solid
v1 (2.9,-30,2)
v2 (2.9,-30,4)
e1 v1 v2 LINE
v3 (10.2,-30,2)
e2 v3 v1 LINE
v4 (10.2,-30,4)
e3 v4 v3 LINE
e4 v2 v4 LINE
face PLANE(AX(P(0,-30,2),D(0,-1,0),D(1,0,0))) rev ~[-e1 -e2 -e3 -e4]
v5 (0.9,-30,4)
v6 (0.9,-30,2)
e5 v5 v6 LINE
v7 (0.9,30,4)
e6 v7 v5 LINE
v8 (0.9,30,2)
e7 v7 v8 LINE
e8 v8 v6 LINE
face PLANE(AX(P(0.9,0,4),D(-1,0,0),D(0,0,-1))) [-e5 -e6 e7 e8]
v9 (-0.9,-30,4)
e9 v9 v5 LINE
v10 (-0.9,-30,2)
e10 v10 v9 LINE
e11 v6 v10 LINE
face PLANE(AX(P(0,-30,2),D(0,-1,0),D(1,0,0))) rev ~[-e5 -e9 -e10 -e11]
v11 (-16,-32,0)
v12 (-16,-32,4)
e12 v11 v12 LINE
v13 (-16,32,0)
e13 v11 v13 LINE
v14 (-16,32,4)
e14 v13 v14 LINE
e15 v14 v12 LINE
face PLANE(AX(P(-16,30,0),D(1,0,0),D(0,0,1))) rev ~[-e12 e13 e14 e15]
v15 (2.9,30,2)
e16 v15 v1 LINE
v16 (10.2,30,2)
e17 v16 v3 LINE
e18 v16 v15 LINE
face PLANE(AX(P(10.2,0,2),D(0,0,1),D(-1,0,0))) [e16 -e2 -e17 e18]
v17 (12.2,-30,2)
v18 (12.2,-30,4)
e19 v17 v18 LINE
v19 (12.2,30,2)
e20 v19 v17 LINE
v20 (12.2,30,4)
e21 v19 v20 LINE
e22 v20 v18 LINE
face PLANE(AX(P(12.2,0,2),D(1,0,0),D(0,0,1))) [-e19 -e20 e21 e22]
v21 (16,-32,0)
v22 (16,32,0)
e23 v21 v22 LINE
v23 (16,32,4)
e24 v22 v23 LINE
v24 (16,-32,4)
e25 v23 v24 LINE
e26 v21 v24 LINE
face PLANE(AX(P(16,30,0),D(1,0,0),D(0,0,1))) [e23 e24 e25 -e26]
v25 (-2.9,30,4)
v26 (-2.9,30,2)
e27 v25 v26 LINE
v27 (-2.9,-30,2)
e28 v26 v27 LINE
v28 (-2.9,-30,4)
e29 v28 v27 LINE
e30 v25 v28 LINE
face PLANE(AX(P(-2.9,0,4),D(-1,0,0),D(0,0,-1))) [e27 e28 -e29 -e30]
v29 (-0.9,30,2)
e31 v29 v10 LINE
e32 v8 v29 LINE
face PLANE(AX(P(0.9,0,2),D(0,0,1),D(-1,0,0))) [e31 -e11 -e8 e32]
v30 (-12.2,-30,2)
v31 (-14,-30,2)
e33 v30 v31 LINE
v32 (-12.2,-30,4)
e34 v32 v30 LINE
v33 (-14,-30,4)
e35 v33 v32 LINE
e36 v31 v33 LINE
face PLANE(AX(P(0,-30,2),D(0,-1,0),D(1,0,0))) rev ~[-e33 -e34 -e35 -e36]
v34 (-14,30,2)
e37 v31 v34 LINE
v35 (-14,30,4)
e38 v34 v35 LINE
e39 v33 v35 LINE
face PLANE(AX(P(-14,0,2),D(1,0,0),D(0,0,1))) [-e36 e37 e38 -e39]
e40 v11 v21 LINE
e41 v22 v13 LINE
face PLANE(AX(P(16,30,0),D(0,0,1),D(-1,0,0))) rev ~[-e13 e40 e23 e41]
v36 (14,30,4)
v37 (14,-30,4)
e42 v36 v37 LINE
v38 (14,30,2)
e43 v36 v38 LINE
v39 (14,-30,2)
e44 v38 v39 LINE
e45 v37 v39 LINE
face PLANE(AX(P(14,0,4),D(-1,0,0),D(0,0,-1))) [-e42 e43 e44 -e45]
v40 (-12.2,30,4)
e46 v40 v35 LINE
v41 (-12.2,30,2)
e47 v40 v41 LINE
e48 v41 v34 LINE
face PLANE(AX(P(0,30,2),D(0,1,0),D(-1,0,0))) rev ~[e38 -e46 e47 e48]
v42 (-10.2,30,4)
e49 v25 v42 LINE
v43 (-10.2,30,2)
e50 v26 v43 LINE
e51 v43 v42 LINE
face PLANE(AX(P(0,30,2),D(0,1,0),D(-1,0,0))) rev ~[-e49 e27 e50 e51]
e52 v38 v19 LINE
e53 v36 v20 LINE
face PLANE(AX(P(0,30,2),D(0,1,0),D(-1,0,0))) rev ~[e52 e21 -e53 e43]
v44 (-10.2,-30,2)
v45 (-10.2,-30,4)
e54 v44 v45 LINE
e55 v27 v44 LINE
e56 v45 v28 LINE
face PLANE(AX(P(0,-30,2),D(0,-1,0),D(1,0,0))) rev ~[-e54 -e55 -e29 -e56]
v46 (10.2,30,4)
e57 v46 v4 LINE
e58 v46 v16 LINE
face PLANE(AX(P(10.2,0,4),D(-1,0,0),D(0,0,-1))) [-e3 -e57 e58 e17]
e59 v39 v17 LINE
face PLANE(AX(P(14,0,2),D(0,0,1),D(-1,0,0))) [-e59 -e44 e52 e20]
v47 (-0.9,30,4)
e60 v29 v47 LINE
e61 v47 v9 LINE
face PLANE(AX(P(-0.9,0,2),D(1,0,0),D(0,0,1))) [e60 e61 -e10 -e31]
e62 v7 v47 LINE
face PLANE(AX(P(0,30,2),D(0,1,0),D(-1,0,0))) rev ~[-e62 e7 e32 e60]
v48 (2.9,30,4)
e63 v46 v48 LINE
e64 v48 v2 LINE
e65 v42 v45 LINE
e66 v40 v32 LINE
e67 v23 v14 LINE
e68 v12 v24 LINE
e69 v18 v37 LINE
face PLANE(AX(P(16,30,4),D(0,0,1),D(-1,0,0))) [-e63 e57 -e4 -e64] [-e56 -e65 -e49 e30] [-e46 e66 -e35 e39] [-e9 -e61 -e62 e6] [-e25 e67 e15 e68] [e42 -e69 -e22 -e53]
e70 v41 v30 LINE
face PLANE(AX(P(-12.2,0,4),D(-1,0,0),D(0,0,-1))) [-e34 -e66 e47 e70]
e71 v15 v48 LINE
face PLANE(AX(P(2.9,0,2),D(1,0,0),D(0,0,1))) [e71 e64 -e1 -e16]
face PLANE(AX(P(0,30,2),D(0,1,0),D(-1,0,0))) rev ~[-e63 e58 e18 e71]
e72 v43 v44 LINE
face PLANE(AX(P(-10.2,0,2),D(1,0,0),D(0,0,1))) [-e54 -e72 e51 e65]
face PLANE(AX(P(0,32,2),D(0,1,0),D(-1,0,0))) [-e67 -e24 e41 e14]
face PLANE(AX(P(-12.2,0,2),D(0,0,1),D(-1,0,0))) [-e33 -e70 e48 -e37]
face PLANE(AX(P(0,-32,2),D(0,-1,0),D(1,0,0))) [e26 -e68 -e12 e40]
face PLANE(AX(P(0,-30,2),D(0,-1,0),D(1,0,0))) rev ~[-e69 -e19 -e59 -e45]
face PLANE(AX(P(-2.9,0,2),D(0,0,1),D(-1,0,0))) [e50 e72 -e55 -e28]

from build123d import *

# Parameters (mm, degrees)
F1_DEPTH      = 30
F1_DEPTH_BACK = 30
F2_W          = 32
F2_H          = 4
F3_DEPTH      = 2
F4_W          = 32
F4_H          = 4
F5_DEPTH      = 2


with BuildPart() as f1:
    # F0 (on Front) → F1 (new body, two sides)
    with BuildSketch(Plane.XZ) as f1_sk:
        Polygon((-16, 4), (-16, 0), (16, 0), (16, 4), (14, 4), (14, 2), (12.2, 2), (12.2, 4), (10.2, 4), (10.2, 2), (2.9, 2), (2.9, 4), (0.9, 4), (0.9, 2), (-0.9, 2), (-0.9, 4), (-2.9, 4), (-2.9, 2), (-10.2, 2), (-10.2, 4), (-12.2, 4), (-12.2, 2), (-14, 2), (-14, 4), align=None)
    extrude(amount=F1_DEPTH)
    extrude(f1_sk.sketch, amount=-F1_DEPTH_BACK)

    # F2 (on face) → F3 (join)
    with BuildSketch(Plane.XZ.offset(30)):
        with Locations((0, 2)):
            Rectangle(F2_W, F2_H)
    extrude(amount=F3_DEPTH)

    # F4 (on face) → F5 (join)
    with BuildSketch(Plane(origin=(0, 30, 0), x_dir=(-1, 0, 0), z_dir=(0, 1, 0))):
        with Locations((0, 2)):
            Rectangle(F4_W, F4_H)
    extrude(amount=F5_DEPTH)


solid = f1.part
